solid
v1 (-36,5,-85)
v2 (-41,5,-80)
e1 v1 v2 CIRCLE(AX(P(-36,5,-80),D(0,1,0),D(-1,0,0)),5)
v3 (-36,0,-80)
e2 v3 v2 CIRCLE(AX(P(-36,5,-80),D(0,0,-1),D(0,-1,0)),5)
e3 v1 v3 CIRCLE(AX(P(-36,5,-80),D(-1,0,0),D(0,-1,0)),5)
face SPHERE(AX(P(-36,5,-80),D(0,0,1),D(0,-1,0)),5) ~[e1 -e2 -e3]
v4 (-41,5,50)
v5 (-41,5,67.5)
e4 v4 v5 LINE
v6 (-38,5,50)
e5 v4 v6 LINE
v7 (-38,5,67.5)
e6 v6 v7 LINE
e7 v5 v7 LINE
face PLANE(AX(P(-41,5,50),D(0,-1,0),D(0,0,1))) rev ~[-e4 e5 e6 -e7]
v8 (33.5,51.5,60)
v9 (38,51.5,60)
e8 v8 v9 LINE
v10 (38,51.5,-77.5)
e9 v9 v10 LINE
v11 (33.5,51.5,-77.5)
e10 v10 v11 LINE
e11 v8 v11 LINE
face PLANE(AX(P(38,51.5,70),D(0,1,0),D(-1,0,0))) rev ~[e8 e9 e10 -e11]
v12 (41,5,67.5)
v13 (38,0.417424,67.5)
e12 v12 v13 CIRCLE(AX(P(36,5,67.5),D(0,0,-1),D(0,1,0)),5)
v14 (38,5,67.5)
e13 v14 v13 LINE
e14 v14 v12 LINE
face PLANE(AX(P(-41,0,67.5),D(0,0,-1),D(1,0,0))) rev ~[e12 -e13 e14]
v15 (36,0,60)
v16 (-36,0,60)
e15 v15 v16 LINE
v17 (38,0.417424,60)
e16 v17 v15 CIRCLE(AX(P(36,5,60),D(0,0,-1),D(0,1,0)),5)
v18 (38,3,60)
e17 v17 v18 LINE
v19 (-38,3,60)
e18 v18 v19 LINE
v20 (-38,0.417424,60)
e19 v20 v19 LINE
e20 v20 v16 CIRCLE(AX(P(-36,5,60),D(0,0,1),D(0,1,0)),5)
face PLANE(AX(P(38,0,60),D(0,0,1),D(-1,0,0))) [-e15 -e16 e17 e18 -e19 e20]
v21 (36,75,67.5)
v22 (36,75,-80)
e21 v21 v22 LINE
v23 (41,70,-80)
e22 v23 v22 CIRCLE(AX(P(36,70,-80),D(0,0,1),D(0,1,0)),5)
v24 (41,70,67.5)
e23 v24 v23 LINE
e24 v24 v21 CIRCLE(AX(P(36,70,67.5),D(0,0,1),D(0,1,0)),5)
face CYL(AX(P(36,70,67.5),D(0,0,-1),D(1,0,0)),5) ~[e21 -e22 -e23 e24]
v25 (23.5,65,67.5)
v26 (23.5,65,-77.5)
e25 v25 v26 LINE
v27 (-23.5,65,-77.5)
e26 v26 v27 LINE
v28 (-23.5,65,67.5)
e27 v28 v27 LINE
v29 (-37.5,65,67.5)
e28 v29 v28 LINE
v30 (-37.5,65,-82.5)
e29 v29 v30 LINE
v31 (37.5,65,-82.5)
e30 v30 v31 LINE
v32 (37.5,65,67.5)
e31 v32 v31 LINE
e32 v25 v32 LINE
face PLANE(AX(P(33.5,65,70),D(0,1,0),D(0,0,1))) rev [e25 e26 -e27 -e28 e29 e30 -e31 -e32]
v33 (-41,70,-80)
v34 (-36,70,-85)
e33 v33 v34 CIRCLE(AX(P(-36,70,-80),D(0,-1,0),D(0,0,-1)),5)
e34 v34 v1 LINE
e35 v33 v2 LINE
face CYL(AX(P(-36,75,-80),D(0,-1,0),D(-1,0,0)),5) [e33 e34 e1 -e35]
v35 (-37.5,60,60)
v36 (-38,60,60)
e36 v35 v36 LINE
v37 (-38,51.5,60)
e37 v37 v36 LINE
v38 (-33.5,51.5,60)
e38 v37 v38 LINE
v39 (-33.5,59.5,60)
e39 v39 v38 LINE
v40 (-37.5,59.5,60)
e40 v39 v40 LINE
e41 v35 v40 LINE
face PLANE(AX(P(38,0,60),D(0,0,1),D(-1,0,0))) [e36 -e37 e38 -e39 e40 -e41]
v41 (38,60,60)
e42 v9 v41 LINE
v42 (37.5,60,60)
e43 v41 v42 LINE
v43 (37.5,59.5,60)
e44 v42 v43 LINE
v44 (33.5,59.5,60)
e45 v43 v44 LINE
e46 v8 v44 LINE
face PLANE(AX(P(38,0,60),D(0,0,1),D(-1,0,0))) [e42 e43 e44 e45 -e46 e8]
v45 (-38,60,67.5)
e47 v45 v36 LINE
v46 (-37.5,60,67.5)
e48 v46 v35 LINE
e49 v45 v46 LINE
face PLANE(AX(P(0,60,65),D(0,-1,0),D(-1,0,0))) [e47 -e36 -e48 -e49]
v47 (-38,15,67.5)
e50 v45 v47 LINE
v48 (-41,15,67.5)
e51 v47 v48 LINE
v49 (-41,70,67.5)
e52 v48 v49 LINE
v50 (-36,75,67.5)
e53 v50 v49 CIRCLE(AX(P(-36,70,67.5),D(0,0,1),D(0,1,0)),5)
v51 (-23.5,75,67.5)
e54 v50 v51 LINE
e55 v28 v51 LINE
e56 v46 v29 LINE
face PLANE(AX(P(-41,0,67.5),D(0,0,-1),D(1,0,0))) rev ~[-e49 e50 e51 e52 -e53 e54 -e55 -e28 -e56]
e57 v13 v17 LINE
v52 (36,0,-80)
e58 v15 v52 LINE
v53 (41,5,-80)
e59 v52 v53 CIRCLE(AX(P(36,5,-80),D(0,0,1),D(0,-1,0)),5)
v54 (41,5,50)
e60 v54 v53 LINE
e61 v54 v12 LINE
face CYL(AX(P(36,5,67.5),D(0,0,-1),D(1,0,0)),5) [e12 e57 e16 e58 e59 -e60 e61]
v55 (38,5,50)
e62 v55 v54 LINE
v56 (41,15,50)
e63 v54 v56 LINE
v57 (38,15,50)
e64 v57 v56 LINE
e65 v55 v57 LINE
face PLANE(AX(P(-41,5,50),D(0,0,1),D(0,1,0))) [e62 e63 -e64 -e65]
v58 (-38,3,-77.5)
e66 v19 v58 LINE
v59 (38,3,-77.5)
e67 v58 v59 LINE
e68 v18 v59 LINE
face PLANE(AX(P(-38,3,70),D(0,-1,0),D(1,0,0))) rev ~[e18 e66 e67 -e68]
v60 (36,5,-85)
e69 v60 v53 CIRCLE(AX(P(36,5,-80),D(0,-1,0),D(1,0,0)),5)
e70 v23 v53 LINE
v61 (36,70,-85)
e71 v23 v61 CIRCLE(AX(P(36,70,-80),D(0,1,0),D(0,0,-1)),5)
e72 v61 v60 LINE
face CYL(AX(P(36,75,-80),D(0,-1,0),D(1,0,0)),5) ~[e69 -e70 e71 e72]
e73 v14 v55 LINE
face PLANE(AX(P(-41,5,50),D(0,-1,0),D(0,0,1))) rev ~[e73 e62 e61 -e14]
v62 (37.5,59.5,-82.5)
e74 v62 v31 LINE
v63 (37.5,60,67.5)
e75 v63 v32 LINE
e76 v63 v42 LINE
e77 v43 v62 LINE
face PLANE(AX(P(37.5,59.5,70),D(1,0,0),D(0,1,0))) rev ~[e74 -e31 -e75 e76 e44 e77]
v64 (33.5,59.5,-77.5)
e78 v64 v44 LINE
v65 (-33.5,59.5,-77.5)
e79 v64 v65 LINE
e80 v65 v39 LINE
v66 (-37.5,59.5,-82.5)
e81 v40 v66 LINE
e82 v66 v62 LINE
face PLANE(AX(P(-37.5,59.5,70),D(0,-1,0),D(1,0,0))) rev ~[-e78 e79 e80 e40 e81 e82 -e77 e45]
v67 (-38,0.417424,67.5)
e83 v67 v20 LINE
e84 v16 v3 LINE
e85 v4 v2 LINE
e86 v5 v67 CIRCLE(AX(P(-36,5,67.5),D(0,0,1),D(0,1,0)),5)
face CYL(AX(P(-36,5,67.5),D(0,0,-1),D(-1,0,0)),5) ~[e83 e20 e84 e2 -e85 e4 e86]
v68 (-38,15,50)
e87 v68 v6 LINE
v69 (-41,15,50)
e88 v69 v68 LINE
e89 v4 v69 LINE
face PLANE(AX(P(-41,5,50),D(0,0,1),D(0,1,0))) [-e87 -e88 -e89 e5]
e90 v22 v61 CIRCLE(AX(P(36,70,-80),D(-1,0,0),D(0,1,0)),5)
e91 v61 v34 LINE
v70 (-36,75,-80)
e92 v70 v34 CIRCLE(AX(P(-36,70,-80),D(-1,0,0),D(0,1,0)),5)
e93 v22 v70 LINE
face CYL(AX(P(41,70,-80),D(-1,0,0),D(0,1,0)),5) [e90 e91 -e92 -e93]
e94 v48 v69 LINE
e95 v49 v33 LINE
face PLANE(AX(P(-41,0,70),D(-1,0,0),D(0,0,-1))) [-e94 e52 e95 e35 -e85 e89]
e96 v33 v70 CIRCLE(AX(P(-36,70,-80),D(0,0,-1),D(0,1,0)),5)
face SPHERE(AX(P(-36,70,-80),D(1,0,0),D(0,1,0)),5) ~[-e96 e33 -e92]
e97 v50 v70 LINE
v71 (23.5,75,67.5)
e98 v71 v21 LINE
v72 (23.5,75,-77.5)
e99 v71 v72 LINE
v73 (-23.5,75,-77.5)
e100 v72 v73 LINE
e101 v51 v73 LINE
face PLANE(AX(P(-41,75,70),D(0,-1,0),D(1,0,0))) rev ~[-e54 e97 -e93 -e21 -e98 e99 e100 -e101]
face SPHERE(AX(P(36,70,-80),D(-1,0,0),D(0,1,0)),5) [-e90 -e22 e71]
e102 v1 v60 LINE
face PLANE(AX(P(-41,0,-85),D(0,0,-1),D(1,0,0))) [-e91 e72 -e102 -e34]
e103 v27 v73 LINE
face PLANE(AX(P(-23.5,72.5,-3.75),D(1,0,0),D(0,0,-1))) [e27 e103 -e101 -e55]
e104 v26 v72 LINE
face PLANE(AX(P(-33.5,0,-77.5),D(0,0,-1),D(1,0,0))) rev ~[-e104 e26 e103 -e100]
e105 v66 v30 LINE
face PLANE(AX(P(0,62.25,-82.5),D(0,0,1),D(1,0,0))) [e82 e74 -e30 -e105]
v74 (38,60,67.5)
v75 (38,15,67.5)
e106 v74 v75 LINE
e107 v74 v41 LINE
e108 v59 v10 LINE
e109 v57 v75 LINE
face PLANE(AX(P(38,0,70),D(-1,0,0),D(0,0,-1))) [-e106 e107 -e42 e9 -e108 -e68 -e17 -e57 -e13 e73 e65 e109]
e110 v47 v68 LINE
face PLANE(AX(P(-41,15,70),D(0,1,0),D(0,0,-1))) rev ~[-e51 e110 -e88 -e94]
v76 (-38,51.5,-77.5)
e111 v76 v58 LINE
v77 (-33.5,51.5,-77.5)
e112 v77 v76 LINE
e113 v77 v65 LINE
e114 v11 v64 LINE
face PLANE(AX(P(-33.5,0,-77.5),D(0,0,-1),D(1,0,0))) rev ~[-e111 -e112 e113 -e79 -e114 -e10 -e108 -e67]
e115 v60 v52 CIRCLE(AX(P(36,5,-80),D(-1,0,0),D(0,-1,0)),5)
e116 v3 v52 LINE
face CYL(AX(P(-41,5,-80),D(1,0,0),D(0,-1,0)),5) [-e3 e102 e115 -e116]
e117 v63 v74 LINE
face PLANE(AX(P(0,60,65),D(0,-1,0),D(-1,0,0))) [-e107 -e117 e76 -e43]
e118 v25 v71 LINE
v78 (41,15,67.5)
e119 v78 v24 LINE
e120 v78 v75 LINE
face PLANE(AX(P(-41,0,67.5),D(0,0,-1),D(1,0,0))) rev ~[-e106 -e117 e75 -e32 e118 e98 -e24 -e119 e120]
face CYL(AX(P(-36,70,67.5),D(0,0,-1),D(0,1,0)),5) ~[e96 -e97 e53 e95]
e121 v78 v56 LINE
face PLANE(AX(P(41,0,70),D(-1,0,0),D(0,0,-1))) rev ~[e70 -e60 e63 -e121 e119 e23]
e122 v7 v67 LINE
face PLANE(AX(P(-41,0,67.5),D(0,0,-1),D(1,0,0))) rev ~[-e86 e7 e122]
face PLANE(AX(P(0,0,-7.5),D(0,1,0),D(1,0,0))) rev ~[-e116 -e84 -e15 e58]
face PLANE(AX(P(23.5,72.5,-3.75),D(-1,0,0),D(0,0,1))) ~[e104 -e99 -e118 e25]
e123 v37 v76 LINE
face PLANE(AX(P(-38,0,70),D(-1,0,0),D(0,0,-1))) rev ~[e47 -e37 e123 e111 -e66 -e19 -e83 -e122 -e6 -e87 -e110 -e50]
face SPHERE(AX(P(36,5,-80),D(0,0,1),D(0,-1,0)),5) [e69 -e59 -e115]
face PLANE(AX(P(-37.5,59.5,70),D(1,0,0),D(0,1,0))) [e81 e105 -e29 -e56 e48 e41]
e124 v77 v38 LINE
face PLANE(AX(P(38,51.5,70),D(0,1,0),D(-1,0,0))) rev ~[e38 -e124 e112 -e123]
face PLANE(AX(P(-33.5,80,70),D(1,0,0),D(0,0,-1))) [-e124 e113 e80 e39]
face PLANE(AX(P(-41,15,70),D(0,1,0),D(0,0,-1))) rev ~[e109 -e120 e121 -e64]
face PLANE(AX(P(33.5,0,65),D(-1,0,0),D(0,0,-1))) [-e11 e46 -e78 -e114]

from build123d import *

# Parameters (mm, degrees)
CROQUIS1_W              = 82
CROQUIS1_H              = 155
SALIENTE_EXTRUIR1_DEPTH = 5
CROQUIS1_3_W            = 82
CROQUIS1_3_H            = 155
CROQUIS1_3_W_2          = 67
CROQUIS1_3_H_2          = 142.5
SALIENTE_EXTRUIR2_DEPTH = 80
CROQUIS2_W              = 20
CROQUIS2_H              = 10
CORTAR_EXTRUIR1_DEPTH   = 120
CROQUIS4_W              = 75
CROQUIS4_H              = 5.5
CORTAR_EXTRUIR2_DEPTH   = 152.5
CROQUIS5_W              = 67
CROQUIS5_H              = 5
CORTAR_EXTRUIR4_DEPTH   = 140
CROQUIS6_W              = 147.5
CROQUIS6_H              = 15
SALIENTE_EXTRUIR3_DEPTH = 10
CORTAR_EXTRUIR5_DEPTH   = 147.5
CROQUIS7_3_W            = 82
CROQUIS7_3_H            = 5
CORTAR_EXTRUIR6_DEPTH   = 167.5
CROQUIS8_W              = 76
CROQUIS8_H              = 10
CORTAR_EXTRUIR7_DEPTH   = 60
CROQUIS9_W              = 82
CROQUIS9_H              = 2.5
CORTAR_EXTRUIR8_DEPTH   = 300
REDONDEO1_R             = 5


with BuildPart() as part:
    # Croquis1 → Saliente-Extruir1 (new body)
    with BuildSketch(Plane(origin=(0, 0, 0), x_dir=(1, 0, 0), z_dir=(0, 1, 0))):
        with Locations((0, 7.5)):
            Rectangle(CROQUIS1_W, CROQUIS1_H)
    extrude(amount=SALIENTE_EXTRUIR1_DEPTH)

    # Croquis1<3> → Saliente-Extruir2 (add)
    with BuildSketch(Plane(origin=(0, 0, 0), x_dir=(1, 0, 0), z_dir=(0, 1, 0))):
        with Locations((0, 7.5)):
            Rectangle(CROQUIS1_3_W, CROQUIS1_3_H)
        with Locations((0, 6.25)):
            Rectangle(CROQUIS1_3_W_2, CROQUIS1_3_H_2, mode=Mode.SUBTRACT)
    extrude(amount=SALIENTE_EXTRUIR2_DEPTH)

    # Croquis2 → Cortar-Extruir1 (cut)
    with BuildSketch(Plane.ZY.offset(41)):
        with Locations((60, 10)):
            Rectangle(CROQUIS2_W, CROQUIS2_H)
    extrude(amount=-CORTAR_EXTRUIR1_DEPTH, mode=Mode.SUBTRACT)

    # Croquis4 → Cortar-Extruir2 (cut)
    with BuildSketch(Plane.XY.offset(70)):
        with Locations((0, 62.25)):
            Rectangle(CROQUIS4_W, CROQUIS4_H)
    extrude(amount=-CORTAR_EXTRUIR2_DEPTH, mode=Mode.SUBTRACT)

    # Croquis5 → Cortar-Extruir4 (cut)
    with BuildSketch(Plane(origin=(0, 80, 0), x_dir=(1, 0, 0), z_dir=(0, 1, 0))):
        with Locations((0, -67.5)):
            Rectangle(CROQUIS5_W, CROQUIS5_H)
    extrude(amount=-CORTAR_EXTRUIR4_DEPTH, mode=Mode.SUBTRACT)

    # Croquis6 → Saliente-Extruir3 (add)
    with BuildSketch(Plane(origin=(-33.5, 0, 0), x_dir=(0, 0, -1), z_dir=(1, 0, 0))):
        with Locations((3.75, 72.5)):
            Rectangle(CROQUIS6_W, CROQUIS6_H)
    saliente_extruir3 = extrude(amount=SALIENTE_EXTRUIR3_DEPTH)

    # Simetría1: Saliente-Extruir3 across plane
    add(saliente_extruir3.mirror(Plane(origin=(0, 0, 0), x_dir=(0, 0, 1), z_dir=(1, 0, 0))))

    # Croquis7 → Cortar-Extruir5 (cut)
    with BuildSketch(Plane.XY.offset(70)):
        Polygon((38, 51.5), (-33.5, 51.5), (-38, 51.5), (-38, 3), (38, 3), align=None)
    extrude(amount=-CORTAR_EXTRUIR5_DEPTH, mode=Mode.SUBTRACT)

    # Croquis7<3> → Cortar-Extruir6 (cut)
    with BuildSketch(Plane.XY.offset(70)):
        with Locations((0, 77.5)):
            Rectangle(CROQUIS7_3_W, CROQUIS7_3_H)
    extrude(amount=-CORTAR_EXTRUIR6_DEPTH, mode=Mode.SUBTRACT)

    # Croquis8 → Cortar-Extruir7 (cut)
    with BuildSketch(Plane(origin=(0, 0, 0), x_dir=(-1, 0, 0), z_dir=(0, -1, 0))):
        with Locations((0, -65)):
            Rectangle(CROQUIS8_W, CROQUIS8_H)
    extrude(amount=-CORTAR_EXTRUIR7_DEPTH, mode=Mode.SUBTRACT)

    # Croquis9 → Cortar-Extruir8 (cut)
    with BuildSketch(Plane.XZ):
        with Locations((0, 68.75)):
            Rectangle(CROQUIS9_W, CROQUIS9_H)
    extrude(amount=-CORTAR_EXTRUIR8_DEPTH, mode=Mode.SUBTRACT)

    # Redondeo1
    redondeo1_edges = [part.edges().sort_by_distance(p)[0] for p in [
        (0, 75, -85),
        (41, 75, -8.75),
        (-41, 75, -8.75),
        (-41, 0, -8.75),
        (41, 0, -8.75),
        (0, 0, -85),
        (-41, 37.5, -85),
        (41, 37.5, -85),
    ]]
    fillet(redondeo1_edges, radius=REDONDEO1_R)


solid = part.part
